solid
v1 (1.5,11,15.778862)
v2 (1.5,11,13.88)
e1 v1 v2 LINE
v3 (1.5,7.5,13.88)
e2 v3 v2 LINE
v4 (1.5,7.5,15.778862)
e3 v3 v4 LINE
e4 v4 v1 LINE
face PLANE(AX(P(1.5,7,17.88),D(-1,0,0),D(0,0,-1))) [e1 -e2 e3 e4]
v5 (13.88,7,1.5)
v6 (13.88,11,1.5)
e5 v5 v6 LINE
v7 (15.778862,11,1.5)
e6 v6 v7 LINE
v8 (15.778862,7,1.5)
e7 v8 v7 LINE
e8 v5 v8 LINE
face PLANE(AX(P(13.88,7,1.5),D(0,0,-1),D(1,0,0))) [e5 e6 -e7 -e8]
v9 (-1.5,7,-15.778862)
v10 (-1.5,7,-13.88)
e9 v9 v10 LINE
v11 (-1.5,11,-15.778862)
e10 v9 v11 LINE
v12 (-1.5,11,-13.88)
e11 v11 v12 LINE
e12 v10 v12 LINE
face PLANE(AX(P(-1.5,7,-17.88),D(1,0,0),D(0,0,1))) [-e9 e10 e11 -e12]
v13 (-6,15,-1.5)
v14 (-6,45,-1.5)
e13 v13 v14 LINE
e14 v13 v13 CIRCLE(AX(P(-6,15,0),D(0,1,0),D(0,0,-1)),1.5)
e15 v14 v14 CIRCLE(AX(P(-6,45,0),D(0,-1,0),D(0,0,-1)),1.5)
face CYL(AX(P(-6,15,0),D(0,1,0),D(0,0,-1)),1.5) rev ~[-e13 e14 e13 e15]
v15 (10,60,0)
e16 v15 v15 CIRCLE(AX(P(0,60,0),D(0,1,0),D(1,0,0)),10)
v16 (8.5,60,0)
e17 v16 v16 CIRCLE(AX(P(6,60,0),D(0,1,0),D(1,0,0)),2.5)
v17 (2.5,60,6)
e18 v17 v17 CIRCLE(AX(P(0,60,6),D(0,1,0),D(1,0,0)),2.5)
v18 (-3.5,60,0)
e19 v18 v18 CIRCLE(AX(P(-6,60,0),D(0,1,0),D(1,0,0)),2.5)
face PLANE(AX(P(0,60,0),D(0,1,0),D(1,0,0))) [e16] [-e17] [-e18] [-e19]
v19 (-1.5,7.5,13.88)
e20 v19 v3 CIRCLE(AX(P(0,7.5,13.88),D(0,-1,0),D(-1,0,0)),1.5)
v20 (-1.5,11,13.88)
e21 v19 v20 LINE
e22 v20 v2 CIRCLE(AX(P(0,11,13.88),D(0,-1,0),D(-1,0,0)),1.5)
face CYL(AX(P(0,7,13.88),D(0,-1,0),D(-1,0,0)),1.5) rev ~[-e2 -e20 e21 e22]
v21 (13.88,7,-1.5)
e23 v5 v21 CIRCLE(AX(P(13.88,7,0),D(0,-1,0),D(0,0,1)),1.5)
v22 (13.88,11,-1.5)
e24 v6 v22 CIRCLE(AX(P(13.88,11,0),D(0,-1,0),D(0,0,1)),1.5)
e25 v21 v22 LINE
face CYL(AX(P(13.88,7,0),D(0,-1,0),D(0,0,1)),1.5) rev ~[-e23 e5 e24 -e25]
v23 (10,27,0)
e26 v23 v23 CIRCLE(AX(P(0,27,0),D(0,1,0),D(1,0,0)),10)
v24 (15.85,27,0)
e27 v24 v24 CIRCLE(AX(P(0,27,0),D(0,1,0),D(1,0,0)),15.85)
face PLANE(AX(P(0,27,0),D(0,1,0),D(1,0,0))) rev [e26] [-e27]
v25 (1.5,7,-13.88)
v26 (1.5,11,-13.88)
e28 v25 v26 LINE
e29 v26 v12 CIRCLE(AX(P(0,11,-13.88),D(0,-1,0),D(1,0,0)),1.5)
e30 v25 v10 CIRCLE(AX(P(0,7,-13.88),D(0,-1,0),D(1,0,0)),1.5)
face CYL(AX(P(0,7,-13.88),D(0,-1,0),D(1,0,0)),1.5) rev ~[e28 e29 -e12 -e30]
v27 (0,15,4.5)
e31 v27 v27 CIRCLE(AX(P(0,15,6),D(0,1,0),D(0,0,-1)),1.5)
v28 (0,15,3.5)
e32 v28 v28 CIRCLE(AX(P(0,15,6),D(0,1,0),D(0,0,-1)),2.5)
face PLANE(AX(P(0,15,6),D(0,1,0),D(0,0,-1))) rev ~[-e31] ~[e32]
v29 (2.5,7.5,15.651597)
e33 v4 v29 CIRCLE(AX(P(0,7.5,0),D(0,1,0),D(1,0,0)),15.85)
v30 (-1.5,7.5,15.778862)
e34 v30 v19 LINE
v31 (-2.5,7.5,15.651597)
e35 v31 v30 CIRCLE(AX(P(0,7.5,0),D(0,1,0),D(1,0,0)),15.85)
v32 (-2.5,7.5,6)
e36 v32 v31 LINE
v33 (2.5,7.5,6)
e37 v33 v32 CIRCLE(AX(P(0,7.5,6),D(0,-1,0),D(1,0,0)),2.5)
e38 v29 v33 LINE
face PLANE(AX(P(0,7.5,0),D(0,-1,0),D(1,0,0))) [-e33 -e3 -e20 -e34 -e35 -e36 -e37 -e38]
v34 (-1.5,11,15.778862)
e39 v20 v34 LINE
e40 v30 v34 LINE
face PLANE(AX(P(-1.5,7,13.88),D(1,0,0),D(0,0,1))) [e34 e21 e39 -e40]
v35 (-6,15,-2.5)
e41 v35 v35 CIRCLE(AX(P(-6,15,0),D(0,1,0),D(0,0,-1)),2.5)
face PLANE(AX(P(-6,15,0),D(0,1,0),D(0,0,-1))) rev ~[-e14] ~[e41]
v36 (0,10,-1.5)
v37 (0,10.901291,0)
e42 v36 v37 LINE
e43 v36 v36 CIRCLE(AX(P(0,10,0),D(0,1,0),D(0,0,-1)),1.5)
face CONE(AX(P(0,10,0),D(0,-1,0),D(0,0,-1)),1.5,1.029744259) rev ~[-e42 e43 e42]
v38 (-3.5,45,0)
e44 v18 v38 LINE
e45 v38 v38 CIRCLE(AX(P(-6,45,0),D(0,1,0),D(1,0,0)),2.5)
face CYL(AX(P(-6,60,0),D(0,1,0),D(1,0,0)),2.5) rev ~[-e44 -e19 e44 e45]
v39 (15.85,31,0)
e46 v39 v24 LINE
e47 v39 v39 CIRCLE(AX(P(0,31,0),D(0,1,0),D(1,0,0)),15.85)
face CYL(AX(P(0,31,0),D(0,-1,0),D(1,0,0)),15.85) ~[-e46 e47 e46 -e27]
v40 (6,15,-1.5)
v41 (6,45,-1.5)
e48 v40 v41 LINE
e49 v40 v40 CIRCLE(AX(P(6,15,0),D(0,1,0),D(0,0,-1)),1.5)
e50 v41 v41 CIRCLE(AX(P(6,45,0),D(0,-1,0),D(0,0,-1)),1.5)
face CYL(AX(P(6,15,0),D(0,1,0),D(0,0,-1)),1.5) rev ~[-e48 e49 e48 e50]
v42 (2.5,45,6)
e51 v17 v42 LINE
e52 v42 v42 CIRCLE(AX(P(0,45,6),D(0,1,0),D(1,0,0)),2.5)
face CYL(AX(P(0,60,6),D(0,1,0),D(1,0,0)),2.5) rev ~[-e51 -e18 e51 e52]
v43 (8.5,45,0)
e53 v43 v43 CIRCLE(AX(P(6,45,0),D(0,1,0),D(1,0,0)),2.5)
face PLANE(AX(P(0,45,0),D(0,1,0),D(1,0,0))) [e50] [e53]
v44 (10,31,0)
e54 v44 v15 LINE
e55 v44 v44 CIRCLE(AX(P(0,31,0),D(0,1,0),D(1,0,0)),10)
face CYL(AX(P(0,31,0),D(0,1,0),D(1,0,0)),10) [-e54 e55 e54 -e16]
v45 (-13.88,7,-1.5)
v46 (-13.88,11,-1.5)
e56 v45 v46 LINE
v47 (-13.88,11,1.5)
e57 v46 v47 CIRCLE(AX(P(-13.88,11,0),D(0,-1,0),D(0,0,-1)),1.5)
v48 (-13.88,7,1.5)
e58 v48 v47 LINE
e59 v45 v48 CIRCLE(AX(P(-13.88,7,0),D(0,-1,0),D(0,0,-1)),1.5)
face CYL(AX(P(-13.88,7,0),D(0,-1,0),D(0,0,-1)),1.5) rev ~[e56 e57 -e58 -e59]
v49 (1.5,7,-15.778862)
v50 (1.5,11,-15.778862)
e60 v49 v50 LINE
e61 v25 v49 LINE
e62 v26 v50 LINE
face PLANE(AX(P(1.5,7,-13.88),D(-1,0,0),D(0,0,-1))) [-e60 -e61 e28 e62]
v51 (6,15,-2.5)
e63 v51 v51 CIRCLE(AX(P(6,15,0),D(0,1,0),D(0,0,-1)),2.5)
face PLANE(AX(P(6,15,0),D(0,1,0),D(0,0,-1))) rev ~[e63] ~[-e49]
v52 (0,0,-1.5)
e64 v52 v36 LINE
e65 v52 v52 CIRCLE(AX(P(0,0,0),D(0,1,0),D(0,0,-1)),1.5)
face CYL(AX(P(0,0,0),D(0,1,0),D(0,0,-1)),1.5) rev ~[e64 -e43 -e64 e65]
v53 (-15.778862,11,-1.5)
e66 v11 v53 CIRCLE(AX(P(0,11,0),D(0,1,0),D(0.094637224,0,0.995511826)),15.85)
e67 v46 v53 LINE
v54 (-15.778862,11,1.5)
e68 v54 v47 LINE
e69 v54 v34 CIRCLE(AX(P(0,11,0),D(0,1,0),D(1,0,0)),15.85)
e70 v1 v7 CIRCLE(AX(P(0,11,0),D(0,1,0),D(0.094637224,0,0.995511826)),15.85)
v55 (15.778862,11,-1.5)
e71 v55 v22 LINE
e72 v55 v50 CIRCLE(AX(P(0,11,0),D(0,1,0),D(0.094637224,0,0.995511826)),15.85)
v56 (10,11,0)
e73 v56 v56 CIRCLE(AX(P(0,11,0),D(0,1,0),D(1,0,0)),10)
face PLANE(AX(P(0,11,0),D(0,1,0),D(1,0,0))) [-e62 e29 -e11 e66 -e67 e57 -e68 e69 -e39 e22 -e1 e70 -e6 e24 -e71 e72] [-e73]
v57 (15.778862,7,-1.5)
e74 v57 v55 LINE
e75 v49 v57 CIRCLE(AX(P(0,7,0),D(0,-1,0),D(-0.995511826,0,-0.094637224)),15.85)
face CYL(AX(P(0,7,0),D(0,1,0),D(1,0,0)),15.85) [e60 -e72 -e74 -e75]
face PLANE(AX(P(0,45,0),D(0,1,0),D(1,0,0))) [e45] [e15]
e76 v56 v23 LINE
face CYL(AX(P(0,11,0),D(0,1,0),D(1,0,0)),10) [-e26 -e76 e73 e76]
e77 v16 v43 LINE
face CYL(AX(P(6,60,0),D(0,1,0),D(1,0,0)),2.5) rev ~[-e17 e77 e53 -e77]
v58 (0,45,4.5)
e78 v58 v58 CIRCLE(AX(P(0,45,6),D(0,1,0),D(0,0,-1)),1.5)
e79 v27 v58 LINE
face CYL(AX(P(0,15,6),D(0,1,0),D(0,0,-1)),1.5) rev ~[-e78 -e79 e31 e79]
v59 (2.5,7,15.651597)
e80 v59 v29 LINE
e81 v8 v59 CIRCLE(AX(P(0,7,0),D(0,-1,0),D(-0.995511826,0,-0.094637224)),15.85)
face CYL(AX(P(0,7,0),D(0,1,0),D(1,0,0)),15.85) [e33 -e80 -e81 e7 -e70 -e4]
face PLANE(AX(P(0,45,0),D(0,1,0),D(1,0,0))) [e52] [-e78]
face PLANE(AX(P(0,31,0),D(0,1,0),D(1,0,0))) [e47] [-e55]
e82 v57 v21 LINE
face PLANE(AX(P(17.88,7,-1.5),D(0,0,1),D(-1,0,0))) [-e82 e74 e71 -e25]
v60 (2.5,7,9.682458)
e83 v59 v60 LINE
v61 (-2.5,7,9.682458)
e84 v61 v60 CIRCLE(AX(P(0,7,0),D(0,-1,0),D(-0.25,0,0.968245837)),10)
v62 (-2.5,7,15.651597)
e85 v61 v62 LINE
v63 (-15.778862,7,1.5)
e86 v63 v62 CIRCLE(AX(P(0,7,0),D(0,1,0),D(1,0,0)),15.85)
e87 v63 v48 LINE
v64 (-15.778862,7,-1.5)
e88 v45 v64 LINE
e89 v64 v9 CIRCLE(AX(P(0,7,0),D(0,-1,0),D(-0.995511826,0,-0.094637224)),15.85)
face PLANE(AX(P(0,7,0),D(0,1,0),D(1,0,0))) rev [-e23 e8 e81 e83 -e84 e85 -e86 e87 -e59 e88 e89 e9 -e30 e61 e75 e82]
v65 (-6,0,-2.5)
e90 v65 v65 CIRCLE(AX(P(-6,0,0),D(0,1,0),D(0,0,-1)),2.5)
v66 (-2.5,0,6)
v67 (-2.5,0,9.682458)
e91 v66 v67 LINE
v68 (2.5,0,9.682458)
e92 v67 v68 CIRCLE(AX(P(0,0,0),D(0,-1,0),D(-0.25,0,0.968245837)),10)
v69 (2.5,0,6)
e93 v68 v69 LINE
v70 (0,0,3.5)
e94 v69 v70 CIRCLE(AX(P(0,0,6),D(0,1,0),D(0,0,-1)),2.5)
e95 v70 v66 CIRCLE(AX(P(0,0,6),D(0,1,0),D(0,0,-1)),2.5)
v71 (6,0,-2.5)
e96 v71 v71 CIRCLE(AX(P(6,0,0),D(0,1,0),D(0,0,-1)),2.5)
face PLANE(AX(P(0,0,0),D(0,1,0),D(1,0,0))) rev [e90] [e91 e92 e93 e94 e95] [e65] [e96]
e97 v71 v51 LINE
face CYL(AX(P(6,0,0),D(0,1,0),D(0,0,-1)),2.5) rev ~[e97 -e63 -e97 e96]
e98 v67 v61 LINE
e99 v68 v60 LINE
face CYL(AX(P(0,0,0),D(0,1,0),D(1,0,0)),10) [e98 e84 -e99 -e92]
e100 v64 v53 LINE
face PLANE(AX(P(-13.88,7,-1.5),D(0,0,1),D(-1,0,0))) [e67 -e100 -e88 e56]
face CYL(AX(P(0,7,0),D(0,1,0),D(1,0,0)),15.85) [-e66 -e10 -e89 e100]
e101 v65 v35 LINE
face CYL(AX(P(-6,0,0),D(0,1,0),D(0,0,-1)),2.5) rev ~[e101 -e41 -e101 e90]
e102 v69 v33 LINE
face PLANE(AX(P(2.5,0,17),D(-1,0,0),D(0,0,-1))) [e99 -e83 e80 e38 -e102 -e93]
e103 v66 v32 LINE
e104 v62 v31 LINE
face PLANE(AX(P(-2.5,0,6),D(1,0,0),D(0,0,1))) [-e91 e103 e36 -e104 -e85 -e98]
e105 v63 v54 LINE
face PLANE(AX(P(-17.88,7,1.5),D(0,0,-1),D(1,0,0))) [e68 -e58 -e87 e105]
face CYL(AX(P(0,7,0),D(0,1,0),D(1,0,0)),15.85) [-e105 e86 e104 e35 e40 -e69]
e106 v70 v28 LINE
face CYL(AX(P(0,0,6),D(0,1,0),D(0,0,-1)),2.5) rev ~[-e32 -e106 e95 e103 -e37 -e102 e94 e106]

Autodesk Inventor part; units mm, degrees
ref_plane "YZ Plane" through (0, 0, 0) normal (1, 0, 0) x (0, 1, 0)
ref_plane "XZ Plane" through (0, 0, 0) normal (0, 1, 0) x (-1, 0, 0)
ref_plane "XY Plane" through (0, 0, 0) normal (0, 0, 1) x (1, 0, 0)
sketch "Sketch5" plane through (0, 0, 0) normal (0, 0, 1) x (1, 0, 0)
  line L0 (0, 0) -> (0, 60)
  line L1 (0, 0) -> (10, 0)
  line L2 (10, 0) -> (10, 7)
  line L3 (10, 7) -> (15.85, 7)
  line L4 (15.85, 7) -> (15.85, 11)
  line L5 (15.85, 11) -> (10, 11)
  line L6 (10, 11) -> (10, 27)
  line L7 (10, 27) -> (15.85, 27)
  line L8 (15.85, 31) -> (10, 31)
  line L9 (10, 31) -> (10, 60)
  line L10 (10, 60) -> (0, 60)
  line L11 (15.85, 31) -> (15.85, 27)
  dimension "d17" = 31.7
  dimension "d18" = 7
  dimension "d19" = 4
  dimension "d23" = 20
  dimension "d26" = 60
  dimension "d27" = 20
  dimension "d48" = 31.7
  dimension "d49" = 16
  dimension "d50" = 4
revolve "Revolution1" add sketch "Sketch5" angle 360 about axis through (0, 0, 0) along (0, 1, 0)
sketch "Sketch6" plane through (0, 0, 0) normal (0, -1, 0) x (1, 0, 0)
  line L0 (-6, 0) -> (6, 0)
  circle A0 centre (0, 6) radius 4
  point P0 (0, 0)
  point P1 (6, 0)
  point P2 (0, 0)
  dimension "d29" = 12
  dimension "d56" = 8
  dimension "d57" = 6
hole "Hole2" at (6, 0, 0) at (-6, 0, 0) at (0, 0, 6) direction (0, 1, 0) diameter 3 end through all counterbore diameter 5 counterbore depth 15
sketch "Sketch8" plane through (0, 7, 0) normal (0, -1, 0) x (1, 0, 0)
  line L0 (-17.88, 0) -> (-13.88, 0) construction
  line L1 (-17.88, 1.5) -> (-13.88, 1.5)
  line L2 (-13.88, -1.5) -> (-17.88, -1.5)
  arc A0 (-17.88, 1.5) -> (-17.88, -1.5) centre (-17.88, 0) ccw
  arc A1 (-13.88, -1.5) -> (-13.88, 1.5) centre (-13.88, 0) ccw
  point P0 (0, 0)
  point P1 (-15.88, 0)
  dimension "d40" = 13.88
  dimension "d41" = 1.5
  dimension "d42" = 4
extrude "Extrusion5" cut sketch "Sketch8" against normal up to surface (4 mm away)
pattern_circular "Circular Pattern1" count 4 over 360 about axis through (0, 3.5, 0) along (0, 1, 0) of "Extrusion5"
sketch "Sketch9" plane through (0, 60, 0) normal (0, 1, 0) x (1, 0, 0)
  circle A0 centre (-6, 0) radius 1.5 projected
  circle A1 centre (6, 0) radius 1.5 projected
  circle A2 centre (-6, 0) radius 2.5
  circle A3 centre (6, 0) radius 1.5 projected
  circle A4 centre (6, 0) radius 2.5
  circle A5 centre (0, -6) radius 1.5 projected
  circle A6 centre (0, -6) radius 1.5 projected
  circle A7 centre (0, -6) radius 2.5
  point P0 (0, 0)
  point P1 (0, 0)
  dimension "d51" = 5
  dimension "d53" = 5
  dimension "d68" = 5
extrude "Extrusion6" cut sketch "Sketch9" against normal blind 15 contours A2 | A4 | A5 | A7
sketch "Sketch10" plane through (0, 0, 0) normal (0, -1, 0) x (1, 0, 0)
  point P0 (0, 0)
  point P1 (0, 0)
hole "Hole3" at (0, 0, 0) direction (0, 1, 0) diameter 3 depth 10 tip angle 118
sketch "Sketch11" plane through (0, 0, 0) normal (0, -1, 0) x (1, 0, 0)
  circle A0 centre (0, 6) radius 2.5 projected
  line L0 (0, 6) -> (0, 17) construction
  line L1 (-2.5, 6) -> (-2.5, 17)
  line L2 (2.5, 17) -> (2.5, 6)
  arc A1 (-2.5, 6) -> (2.5, 6) centre (0, 6) ccw
  arc A2 (2.5, 17) -> (-2.5, 17) centre (0, 17) ccw
  point P0 (0, 0)
  point P1 (0, 11.5)
  point P2 (-2.5, 6)
  point P3 (2.5, 6)
  dimension "d65" = 11
extrude "Extrusion7" cut sketch "Sketch11" against normal blind 7.5 contours A0 L1 A2 L2
properties part number "033" material "Glass"
